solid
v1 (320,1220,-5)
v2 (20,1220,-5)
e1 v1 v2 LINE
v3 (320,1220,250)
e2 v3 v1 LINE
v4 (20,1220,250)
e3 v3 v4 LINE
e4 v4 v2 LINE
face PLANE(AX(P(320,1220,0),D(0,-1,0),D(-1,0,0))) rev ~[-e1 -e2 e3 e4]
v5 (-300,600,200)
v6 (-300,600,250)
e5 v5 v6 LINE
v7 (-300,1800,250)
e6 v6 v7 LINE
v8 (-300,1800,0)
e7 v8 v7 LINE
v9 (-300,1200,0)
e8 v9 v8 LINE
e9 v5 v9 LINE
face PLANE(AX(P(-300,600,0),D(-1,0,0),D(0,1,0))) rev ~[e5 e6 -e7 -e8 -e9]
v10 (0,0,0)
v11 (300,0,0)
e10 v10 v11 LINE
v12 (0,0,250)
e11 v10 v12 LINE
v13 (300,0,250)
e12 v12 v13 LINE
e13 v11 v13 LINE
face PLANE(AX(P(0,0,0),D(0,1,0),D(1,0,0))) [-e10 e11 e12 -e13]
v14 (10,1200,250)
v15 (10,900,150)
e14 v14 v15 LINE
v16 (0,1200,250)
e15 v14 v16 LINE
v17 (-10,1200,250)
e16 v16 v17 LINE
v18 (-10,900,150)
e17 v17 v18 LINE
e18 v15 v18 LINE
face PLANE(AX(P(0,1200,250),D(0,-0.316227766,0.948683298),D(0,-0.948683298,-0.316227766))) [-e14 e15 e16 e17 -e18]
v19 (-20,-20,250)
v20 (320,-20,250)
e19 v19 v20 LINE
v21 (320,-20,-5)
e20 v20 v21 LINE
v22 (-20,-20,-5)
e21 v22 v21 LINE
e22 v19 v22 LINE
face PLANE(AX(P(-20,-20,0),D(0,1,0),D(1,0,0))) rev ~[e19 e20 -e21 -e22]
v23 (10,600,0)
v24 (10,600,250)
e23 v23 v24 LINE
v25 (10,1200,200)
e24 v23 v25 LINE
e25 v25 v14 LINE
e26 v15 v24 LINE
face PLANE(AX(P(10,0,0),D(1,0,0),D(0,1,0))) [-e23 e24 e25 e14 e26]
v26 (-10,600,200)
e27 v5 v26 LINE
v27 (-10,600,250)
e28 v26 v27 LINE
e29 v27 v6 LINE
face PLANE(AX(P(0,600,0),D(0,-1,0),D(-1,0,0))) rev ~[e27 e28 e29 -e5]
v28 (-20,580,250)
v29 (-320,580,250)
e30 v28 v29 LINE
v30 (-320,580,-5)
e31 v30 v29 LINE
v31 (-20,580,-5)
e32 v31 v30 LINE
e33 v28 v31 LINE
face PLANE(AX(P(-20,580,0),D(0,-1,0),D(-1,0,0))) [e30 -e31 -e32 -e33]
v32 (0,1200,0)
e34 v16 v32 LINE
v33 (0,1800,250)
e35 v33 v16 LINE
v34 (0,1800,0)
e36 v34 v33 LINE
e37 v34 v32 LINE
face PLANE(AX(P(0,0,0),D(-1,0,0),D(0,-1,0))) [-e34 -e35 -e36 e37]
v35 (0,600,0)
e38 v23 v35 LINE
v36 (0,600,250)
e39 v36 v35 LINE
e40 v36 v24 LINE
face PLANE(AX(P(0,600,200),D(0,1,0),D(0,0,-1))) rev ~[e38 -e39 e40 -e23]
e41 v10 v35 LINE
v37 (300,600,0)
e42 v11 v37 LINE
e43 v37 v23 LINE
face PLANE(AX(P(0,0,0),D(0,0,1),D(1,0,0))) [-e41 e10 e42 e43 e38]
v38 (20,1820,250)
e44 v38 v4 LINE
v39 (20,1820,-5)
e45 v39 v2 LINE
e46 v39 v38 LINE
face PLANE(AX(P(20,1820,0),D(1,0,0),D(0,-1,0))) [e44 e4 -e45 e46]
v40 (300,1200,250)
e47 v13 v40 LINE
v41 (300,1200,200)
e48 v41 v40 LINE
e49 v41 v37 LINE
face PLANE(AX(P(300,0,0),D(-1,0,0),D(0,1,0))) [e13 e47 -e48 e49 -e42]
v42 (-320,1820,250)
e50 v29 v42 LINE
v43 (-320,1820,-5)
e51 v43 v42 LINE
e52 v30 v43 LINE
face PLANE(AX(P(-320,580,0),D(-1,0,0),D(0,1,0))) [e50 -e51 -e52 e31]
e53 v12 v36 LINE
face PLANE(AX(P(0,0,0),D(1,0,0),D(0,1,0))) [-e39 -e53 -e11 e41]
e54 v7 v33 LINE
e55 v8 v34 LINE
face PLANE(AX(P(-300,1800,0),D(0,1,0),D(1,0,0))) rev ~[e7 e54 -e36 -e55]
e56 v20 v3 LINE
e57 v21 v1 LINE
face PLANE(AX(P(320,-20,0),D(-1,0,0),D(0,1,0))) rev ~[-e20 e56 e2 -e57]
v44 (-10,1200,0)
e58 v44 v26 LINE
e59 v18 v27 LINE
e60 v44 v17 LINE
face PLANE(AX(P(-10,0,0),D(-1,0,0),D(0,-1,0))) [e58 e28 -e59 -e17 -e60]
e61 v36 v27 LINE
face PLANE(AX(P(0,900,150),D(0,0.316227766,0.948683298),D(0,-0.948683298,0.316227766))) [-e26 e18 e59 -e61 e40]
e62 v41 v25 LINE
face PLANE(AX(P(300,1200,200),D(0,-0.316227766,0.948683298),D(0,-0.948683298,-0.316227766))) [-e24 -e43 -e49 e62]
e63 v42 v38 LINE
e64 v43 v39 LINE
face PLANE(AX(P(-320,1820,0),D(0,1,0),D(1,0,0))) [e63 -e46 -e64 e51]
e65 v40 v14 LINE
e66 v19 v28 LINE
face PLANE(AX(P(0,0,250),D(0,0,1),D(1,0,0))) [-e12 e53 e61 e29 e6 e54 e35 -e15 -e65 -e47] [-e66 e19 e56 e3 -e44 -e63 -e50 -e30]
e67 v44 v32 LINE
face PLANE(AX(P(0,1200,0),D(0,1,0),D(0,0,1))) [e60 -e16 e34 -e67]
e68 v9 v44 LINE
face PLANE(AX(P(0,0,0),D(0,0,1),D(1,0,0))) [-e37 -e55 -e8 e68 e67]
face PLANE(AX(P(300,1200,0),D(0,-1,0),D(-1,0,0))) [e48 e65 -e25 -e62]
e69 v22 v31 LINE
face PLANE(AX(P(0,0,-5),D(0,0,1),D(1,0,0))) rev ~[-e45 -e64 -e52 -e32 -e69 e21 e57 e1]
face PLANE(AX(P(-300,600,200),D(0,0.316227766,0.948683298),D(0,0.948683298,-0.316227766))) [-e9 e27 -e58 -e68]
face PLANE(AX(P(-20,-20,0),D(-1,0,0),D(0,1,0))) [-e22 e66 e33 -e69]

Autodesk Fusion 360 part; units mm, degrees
sketch "Sketch1" plane through (0, 0, 0) normal (0, 0, 1) x (1, 0, 0)
  line L0 (0, 0) -> (300, 0)
  line L1 (300, 0) -> (300, 1200)
  line L2 (300, 1200) -> (0, 1200)
  line L3 (0, 600) -> (-300, 600)
  line L4 (-300, 600) -> (-300, 1800)
  line L5 (-300, 1800) -> (0, 1800)
  line L6 (0, 1800) -> (0, 1200)
  line L7 (0, 0) -> (0, 600)
  line L8 (20, 1820) -> (20, 1220)
  line L9 (320, 1220) -> (20, 1220)
  line L10 (320, -20) -> (320, 1220)
  line L11 (-20, -20) -> (320, -20)
  line L12 (-20, -20) -> (-20, 580)
  line L13 (-20, 580) -> (-320, 580)
  line L14 (-320, 580) -> (-320, 1820)
  line L15 (-320, 1820) -> (20, 1820)
  dimension "d1" = 300
  dimension "d2" = 1200
  dimension "d3" = 300
  dimension "d4" = 1200
  dimension "d5" = -20
extrude "Extrude1" add sketch "Sketch1" along normal blind 400 makes body 1
extrude "Extrude2" add sketch "Sketch1" against normal blind 5 separate body contours L0 L1 L2 L3 L4 L5 L6 L7 makes body 2
extrude "Extrude3" add sketch "Sketch1" against normal blind 5 bodies 1 2
extrude "Extrude4" cut 1 faces at (-313.3333, 1400, 400) along direction (0, 0, -1) blind 100 on bodies 1 bodies 1
extrude "Extrude5" cut 1 faces at (-313.3333, 1400, 300) along direction (0, 0, -1) blind 50 on bodies 1 bodies 1
sketch "Sketch2" plane through (300, 0, 0) normal (-1, 0, 0) x (0, -1, 0)
  line L0 (0, 250) -> (-1200, 250)
  line L1 (-1200, 250) -> (-1200, 0)
  line L2 (-1200, 0) -> (0, 0)
  line L3 (0, 0) -> (0, 250)
  line L4 (-600, 250) -> (-600, 0) construction
  line L5 (-1200, 250) -> (-1200, 200) construction
  line L6 (-1200, 200) -> (-600, 0)
  dimension "d16" = 50
extrude "Extrude6" add sketch "Sketch2" along normal blind 300 contours L1 L2 L6 bodies 1
sketch "Sketch3" plane through (-300, 0, 0) normal (1, 0, 0) x (0, 1, 0)
  line L0 (1800, 250) -> (600, 250)
  line L1 (600, 250) -> (600, 0)
  line L2 (600, 0) -> (1800, 0)
  line L3 (1800, 0) -> (1800, 250)
  line L4 (1200, 250) -> (1200, 0) construction
  line L5 (600, 250) -> (600, 200) construction
  line L6 (600, 200) -> (1200, 0)
  dimension "d19" = 50
extrude "Extrude7" add sketch "Sketch3" along normal blind 300 contours L1 L2 L6 bodies 1
sketch "Sketch4" plane through (0, 0, 0) normal (-1, 0, 0) x (0, -1, 0)
  line L0 (-1200, 0) -> (-900, 100)
  line L1 (-900, 100) -> (-1200, 200)
  line L2 (-1200, 200) -> (-1200, 250)
  line L3 (-1200, 250) -> (-1800, 250)
  line L4 (-1800, 250) -> (-1800, 0)
  line L5 (-1800, 0) -> (-1200, 0)
  line L6 (-900, 100) -> (-900, 150)
  line L7 (-1200, 250) -> (-900, 150)
  dimension "d22" = 50
sketch "Sketch5" plane through (0, 0, 0) normal (1, 0, 0) x (0, 1, 0)
  line L0 (600, 250) -> (0, 250)
  line L1 (0, 250) -> (0, 0)
  line L2 (0, 0) -> (600, 0)
  line L3 (600, 0) -> (900, 100)
  line L4 (900, 100) -> (600, 200)
  line L5 (600, 200) -> (600, 250)
  line L6 (900, 100) -> (900, 150)
  line L7 (900, 150) -> (600, 250)
  dimension "d23" = 50
extrude "Extrude8" add sketch "Sketch5" sketch "Sketch4" against normal mid plane 20 contours L4 L5 L6 L7 of sketch 2 contours L1 L2 L6 L7 bodies 1
sketch "Sketch6" plane through (0, 0, 0) normal (-1, 0, 0) x (0, -1, 0)
  line L0 (-1200, 0) -> (-900, 100)
  line L1 (-900, 100) -> (-1200, 200)
  line L2 (-1200, 200) -> (-1200, 250)
  line L3 (-1200, 250) -> (-1800, 250)
  line L4 (-1800, 250) -> (-1800, 0)
  line L5 (-1800, 0) -> (-1200, 0)
  line L6 (-1200, 0) -> (-1200, 200)
extrude "Extrude9" add sketch "Sketch6" along normal blind 10 contours L0 L1 L6 bodies 1
sketch "Sketch7" plane through (0, 0, 0) normal (1, 0, 0) x (0, 1, 0)
  line L0 (600, 250) -> (0, 250)
  line L1 (0, 250) -> (0, 0)
  line L2 (0, 0) -> (600, 0)
  line L3 (600, 0) -> (900, 100)
  line L4 (900, 100) -> (600, 200)
  line L5 (600, 200) -> (600, 250)
  line L6 (600, 200) -> (600, 0)
extrude "Extrude10" add sketch "Sketch7" along normal blind 10 contours L3 L4 L6 bodies 1
